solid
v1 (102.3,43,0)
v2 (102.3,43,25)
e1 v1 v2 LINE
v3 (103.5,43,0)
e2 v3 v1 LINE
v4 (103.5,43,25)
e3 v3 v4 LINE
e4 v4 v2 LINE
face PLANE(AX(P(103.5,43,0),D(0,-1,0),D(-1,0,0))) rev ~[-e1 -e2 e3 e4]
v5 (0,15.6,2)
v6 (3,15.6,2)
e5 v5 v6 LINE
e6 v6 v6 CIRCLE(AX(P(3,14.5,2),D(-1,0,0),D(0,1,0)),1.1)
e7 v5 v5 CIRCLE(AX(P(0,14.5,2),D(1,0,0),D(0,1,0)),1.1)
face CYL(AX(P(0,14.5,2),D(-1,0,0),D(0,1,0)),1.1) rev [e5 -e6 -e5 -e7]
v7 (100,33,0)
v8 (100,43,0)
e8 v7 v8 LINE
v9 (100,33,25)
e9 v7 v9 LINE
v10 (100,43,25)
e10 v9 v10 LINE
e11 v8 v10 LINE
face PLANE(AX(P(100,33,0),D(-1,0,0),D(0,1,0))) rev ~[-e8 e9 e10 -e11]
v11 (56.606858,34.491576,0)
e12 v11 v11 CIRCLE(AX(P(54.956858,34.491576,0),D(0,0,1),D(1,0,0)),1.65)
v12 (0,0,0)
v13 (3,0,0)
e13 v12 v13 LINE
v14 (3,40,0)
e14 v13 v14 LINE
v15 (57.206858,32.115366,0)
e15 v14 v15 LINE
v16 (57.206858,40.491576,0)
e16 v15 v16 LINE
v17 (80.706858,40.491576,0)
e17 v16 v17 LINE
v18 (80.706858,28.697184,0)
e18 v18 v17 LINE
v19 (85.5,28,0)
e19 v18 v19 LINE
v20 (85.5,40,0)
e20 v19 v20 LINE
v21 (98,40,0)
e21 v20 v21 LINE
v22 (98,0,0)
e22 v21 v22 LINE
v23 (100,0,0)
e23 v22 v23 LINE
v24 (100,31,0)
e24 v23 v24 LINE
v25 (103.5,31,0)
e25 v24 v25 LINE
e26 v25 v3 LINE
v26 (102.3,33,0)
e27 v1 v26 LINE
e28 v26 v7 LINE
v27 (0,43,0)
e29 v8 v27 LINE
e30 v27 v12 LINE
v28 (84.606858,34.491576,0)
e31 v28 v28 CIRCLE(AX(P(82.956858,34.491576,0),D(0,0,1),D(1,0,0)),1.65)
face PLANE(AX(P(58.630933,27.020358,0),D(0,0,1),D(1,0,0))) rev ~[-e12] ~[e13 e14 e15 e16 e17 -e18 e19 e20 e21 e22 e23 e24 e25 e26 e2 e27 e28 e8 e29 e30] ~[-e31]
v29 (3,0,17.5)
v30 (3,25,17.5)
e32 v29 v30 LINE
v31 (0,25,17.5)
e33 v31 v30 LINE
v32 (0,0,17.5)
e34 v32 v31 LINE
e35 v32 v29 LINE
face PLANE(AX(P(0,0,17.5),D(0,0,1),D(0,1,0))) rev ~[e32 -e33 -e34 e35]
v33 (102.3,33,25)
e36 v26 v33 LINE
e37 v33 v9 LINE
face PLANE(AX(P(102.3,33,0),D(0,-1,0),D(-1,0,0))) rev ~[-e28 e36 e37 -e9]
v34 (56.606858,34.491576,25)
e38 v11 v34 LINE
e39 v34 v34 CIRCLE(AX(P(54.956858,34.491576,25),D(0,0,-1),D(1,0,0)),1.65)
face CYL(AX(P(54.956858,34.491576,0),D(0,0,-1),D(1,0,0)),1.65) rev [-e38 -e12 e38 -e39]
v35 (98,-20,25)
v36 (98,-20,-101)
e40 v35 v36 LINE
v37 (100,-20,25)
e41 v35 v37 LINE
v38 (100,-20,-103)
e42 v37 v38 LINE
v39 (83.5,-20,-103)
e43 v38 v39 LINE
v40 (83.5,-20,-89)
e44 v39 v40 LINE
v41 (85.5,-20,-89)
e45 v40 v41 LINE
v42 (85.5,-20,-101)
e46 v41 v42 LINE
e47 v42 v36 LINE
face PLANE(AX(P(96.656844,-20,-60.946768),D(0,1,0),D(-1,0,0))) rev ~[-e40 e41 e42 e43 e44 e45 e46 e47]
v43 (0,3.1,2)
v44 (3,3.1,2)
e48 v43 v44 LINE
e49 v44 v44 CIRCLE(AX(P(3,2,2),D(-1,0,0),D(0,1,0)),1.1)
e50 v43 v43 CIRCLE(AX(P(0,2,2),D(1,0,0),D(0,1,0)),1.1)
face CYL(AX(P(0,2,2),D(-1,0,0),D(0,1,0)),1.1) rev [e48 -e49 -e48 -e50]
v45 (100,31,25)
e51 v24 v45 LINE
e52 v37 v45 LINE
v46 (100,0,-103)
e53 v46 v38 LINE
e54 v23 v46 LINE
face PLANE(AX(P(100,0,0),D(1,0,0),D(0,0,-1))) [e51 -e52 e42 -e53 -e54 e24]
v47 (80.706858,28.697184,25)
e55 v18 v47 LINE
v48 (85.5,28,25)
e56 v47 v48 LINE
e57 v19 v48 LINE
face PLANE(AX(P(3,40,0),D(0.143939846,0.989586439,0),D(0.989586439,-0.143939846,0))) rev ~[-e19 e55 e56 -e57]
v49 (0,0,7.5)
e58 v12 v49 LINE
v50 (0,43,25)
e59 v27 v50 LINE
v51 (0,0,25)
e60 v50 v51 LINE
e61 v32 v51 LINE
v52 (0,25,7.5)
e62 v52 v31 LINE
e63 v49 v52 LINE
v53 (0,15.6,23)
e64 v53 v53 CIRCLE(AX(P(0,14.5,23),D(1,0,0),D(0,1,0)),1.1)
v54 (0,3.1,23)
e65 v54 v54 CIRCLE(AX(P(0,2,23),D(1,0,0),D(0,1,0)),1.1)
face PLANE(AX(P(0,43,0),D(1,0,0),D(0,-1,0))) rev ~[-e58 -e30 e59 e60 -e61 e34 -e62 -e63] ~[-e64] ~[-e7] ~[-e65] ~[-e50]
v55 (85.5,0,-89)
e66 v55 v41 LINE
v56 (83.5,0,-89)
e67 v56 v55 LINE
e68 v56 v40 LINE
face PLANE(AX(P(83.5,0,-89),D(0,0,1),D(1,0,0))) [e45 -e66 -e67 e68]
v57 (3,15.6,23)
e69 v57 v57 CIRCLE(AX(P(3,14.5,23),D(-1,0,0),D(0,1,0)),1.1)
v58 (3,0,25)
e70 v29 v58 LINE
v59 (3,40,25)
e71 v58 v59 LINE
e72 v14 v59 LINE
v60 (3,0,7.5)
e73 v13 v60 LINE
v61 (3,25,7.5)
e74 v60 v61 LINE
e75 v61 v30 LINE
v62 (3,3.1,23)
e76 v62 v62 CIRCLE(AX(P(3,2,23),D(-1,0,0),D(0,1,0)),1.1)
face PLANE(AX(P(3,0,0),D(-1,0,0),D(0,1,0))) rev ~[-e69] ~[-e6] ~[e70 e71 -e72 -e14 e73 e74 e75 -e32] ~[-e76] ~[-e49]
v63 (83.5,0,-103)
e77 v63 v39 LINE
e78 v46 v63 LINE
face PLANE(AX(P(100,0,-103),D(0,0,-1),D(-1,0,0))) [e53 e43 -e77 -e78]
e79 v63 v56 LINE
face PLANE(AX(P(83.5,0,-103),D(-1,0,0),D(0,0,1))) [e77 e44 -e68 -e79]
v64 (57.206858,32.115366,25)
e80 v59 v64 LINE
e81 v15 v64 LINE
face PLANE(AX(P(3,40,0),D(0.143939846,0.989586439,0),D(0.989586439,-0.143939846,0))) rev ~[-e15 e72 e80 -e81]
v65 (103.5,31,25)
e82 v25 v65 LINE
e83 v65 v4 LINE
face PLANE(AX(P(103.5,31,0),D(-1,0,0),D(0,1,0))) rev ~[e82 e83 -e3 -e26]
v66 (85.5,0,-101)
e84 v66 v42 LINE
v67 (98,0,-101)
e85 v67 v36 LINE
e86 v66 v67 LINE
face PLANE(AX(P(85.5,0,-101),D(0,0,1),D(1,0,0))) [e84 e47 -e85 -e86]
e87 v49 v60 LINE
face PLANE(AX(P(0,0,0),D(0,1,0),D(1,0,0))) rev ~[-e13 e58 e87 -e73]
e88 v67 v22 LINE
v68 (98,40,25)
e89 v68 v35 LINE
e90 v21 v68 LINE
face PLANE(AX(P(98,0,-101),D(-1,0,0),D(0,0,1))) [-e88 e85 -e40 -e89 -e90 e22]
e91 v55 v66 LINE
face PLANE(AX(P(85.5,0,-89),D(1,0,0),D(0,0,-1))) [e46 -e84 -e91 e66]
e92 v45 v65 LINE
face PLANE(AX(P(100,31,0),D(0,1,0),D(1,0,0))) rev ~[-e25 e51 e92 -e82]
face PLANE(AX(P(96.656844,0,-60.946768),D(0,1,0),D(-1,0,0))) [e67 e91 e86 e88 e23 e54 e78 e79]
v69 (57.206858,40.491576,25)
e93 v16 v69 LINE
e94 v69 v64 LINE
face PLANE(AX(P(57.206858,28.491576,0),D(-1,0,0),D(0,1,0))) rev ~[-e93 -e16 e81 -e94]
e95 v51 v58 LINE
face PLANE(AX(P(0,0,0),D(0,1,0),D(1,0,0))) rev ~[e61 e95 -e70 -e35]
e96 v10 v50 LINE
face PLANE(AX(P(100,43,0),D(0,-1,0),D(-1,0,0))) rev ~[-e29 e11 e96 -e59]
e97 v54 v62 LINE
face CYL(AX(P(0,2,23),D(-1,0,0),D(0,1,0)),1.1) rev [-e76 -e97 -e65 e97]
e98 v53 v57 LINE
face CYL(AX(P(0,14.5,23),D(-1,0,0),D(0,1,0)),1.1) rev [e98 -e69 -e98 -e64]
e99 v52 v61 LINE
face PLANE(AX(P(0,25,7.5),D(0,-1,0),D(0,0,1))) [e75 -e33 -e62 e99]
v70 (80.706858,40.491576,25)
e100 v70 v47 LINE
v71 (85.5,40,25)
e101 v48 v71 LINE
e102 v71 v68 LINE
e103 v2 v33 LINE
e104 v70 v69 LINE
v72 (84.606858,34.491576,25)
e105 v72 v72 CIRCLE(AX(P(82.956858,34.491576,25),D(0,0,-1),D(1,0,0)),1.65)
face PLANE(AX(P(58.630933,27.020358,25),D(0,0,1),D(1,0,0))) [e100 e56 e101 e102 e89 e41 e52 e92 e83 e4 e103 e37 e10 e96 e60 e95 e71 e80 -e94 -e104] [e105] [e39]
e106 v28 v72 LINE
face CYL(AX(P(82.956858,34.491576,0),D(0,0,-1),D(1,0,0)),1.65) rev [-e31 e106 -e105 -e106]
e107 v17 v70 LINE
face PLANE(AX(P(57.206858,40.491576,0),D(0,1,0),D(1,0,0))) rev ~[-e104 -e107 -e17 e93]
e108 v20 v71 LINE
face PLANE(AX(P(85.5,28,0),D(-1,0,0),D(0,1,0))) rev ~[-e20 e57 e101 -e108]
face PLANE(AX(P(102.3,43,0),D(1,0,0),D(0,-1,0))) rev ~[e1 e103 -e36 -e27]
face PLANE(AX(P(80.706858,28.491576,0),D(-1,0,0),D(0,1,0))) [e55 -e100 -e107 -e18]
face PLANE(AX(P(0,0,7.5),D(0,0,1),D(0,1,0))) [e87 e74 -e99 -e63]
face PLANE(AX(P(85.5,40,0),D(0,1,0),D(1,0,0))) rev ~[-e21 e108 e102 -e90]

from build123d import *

# Parameters (mm, degrees)
PAD002_DEPTH    = 25
SKETCH003_R     = 1.1
SKETCH003_W     = 25
SKETCH003_H     = 10
POCKET_DEPTH    = 5
PAD015_DEPTH    = 20
SKETCH029_R     = 1.65
SKETCH029_W     = 23.5
SKETCH029_H     = 12
POCKET009_DEPTH = 50


with BuildPart() as part:
    # Sketch002 → Pad002 (new body)
    with BuildSketch(Plane.XY):
        Polygon((100, 33), (100, 43), (98, 43), (0, 43), (0, 0), (3, 0), (3, 40), (85.5, 28), (85.5, 40), (98, 40), (98, -20), (100, -20), (100, 31), (103.5, 31), (103.5, 43), (102.3, 43), (102.3, 33), align=None)
    extrude(amount=PAD002_DEPTH)

    # Sketch003 → Pocket (cut)
    with BuildSketch(Plane.YZ):
        with Locations((2, 23)):
            Circle(SKETCH003_R)
        with Locations((2, 2)):
            Circle(SKETCH003_R)
        with Locations((14.5, 23)):
            Circle(SKETCH003_R)
        with Locations((14.5, 2)):
            Circle(SKETCH003_R)
        with Locations((12.5, 12.5)):
            Rectangle(SKETCH003_W, SKETCH003_H)
    extrude(amount=POCKET_DEPTH, mode=Mode.SUBTRACT)

    # Sketch018 → Pad015 (join)
    with BuildSketch(Plane.XZ):
        Polygon((100, 0), (100, -103), (83.5, -103), (83.5, -89), (85.5, -89), (85.5, -101), (98, -101), (98, 0), align=None)
    extrude(amount=PAD015_DEPTH)

    # Sketch029 → Pocket009 (cut)
    with BuildSketch(Plane.XY):
        with Locations((54.956858, 34.491576)):
            Circle(SKETCH029_R)
        with Locations((82.956858, 34.491576)):
            Circle(SKETCH029_R)
        with Locations((68.956858, 34.491576)):
            Rectangle(SKETCH029_W, SKETCH029_H)
    extrude(amount=POCKET009_DEPTH, mode=Mode.SUBTRACT)


solid = part.part
